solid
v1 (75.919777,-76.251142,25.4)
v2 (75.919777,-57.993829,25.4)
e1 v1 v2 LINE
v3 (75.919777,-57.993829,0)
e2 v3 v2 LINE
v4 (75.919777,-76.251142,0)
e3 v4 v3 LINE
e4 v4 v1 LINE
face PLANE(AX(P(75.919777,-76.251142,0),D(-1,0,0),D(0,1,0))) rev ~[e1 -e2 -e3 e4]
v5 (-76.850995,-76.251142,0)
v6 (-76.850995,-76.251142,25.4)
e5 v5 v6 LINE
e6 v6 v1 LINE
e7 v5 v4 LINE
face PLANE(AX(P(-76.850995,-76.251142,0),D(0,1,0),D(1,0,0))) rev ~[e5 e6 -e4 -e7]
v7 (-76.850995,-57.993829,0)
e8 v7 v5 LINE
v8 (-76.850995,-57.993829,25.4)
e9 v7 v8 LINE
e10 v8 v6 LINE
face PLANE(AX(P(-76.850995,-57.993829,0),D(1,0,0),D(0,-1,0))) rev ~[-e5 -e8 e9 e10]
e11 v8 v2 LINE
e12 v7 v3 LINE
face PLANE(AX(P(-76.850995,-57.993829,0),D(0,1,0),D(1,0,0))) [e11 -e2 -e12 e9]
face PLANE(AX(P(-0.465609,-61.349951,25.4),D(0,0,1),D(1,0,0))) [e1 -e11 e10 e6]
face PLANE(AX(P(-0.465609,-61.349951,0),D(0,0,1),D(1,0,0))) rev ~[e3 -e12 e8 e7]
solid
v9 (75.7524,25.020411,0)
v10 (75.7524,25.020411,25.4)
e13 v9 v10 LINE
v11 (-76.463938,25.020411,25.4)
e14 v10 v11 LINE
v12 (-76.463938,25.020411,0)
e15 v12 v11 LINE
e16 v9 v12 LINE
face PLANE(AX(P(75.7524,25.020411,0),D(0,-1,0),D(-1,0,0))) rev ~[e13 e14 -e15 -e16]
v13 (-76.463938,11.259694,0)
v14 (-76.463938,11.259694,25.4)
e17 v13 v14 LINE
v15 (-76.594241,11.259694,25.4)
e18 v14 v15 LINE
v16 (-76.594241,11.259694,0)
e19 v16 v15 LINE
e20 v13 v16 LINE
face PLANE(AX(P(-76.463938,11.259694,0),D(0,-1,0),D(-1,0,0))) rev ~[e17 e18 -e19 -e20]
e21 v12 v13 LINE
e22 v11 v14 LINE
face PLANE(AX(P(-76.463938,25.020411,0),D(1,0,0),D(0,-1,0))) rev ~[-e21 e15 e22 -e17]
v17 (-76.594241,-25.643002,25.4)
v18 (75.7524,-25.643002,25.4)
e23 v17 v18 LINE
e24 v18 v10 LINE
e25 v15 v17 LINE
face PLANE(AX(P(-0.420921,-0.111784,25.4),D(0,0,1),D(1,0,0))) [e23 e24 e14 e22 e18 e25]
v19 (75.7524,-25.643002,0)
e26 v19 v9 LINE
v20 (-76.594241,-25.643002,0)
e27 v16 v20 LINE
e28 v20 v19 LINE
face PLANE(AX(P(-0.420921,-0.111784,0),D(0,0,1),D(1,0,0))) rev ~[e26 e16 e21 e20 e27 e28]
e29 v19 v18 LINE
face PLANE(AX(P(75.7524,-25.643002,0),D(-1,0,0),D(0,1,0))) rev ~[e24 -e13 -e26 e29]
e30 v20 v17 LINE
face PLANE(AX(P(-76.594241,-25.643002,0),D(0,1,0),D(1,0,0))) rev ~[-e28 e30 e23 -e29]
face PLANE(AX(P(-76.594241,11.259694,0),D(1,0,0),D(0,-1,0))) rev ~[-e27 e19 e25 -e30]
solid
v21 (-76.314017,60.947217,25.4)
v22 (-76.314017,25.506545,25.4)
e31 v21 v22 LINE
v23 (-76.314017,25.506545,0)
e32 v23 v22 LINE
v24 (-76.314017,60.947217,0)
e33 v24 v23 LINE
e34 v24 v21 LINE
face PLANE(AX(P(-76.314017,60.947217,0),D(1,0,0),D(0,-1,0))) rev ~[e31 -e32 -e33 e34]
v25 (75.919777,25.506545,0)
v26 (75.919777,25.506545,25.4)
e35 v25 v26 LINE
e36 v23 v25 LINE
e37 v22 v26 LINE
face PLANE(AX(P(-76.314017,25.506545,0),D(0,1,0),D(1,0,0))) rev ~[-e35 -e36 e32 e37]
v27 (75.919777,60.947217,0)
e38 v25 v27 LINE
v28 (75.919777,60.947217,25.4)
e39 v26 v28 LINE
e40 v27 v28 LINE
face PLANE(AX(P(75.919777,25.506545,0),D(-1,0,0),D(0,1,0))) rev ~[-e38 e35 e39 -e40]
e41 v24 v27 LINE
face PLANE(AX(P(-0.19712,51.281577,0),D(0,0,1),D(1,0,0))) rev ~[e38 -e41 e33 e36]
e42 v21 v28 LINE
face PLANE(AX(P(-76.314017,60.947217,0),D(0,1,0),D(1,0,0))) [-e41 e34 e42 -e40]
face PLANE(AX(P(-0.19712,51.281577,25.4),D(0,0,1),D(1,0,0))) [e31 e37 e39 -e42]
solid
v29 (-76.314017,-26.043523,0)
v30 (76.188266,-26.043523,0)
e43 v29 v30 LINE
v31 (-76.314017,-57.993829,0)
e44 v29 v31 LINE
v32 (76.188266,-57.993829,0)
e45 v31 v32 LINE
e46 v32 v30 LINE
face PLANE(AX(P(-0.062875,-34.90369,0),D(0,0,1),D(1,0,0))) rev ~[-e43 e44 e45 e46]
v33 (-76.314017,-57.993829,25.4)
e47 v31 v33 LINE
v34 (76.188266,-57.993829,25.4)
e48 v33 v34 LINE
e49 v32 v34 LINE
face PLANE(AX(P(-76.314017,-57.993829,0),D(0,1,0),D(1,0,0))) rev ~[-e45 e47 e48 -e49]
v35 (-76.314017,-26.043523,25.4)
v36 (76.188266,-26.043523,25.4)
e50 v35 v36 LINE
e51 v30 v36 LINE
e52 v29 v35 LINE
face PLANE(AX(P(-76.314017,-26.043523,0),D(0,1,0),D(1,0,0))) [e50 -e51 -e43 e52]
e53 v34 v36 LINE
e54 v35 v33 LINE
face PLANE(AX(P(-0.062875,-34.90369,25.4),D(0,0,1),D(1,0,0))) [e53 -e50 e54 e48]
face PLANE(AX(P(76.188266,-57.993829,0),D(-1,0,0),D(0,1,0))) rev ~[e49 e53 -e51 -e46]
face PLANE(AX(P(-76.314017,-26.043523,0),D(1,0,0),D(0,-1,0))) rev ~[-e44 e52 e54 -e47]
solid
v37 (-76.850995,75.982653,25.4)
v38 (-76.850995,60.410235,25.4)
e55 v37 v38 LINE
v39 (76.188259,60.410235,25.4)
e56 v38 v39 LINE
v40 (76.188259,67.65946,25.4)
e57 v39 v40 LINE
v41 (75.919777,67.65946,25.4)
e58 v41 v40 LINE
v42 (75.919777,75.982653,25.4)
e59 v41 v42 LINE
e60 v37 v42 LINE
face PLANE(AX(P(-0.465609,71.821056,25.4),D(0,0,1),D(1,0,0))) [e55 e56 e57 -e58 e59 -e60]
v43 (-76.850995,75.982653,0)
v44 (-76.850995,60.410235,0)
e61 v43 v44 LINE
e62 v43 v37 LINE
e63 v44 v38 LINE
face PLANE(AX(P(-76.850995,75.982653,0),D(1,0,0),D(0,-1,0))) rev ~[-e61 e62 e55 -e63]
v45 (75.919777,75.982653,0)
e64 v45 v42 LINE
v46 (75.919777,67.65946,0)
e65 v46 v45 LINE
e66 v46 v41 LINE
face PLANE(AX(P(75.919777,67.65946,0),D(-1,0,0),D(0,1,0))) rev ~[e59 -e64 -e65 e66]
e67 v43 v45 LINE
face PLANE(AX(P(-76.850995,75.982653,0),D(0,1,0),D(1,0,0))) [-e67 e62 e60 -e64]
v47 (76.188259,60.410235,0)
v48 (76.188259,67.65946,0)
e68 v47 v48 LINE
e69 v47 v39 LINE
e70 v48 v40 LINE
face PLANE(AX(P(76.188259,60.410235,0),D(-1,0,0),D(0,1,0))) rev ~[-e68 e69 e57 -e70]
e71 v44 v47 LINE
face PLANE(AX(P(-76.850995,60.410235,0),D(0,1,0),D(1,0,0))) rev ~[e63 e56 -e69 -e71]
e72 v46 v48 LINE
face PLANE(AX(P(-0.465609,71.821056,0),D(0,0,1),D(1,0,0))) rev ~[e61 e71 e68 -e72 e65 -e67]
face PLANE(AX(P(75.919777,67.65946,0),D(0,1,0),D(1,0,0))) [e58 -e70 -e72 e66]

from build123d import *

# Parameters (mm, degrees)
F0_W     = 152.3466408253
F0_H     = 14.1597399488
F1_DEPTH = 25.4
F2_W     = 152.2337943316
F2_H     = 19.3312801421
F2_H_2   = 16.1093920469
F3_DEPTH = 25.4
F2_W_2   = 152.5022834539
F2_H_3   = 17.7203342319
F2_H_4   = 14.2299719155
F4_W     = 152.7707725763
F4_H     = 8.3231925964
F4_H_2   = 7.249224931
F4_W_2   = 0.2684816718
F5_DEPTH = 25.4
F4_H_3   = 6.7122429609
F4_H_4   = 11.5450695157


with BuildPart() as f1:
    # F0 (on Top) → F1 (new body)
    with BuildSketch(Plane.XY):
        Polygon((-76.4639377594, 11.2596936524), (-76.5942409635, 11.2596936524), (-76.5942409635, -11.483262293), (75.7523998618, -11.483262293), (75.7523998618, 11.2596936524), align=None)
        Polygon((-76.4639377594, 18.1400524452), (-76.4639377594, 11.2596936524), (75.7523998618, 11.2596936524), (75.7523998618, 25.0204112381), (-76.4639377594, 25.0204112381), align=None)
        with Locations((-0.4209205508, -18.5631322674)):
            Rectangle(F0_W, F0_H)
    extrude(amount=F1_DEPTH)


with BuildPart() as f3:
    # F2 (on Top) → F3 (new body)
    with BuildSketch(Plane.XY):
        with Locations((-0.1971200109, 51.2815769762)):
            Rectangle(F2_W, F2_H)
        with Locations((-0.1971200109, 33.5612408817)):
            Rectangle(F2_W, F2_H_2)
    extrude(amount=F3_DEPTH)


with BuildPart() as f3b:
    # F2 (on Top) → F3, piece 2 (new body)
    with BuildSketch(Plane.XY):
        with Locations((-0.0628754497, -34.9036902189)):
            Rectangle(F2_W_2, F2_H_3)
        with Locations((-0.0628754497, -50.8788432926)):
            Rectangle(F2_W_2, F2_H_4)
    extrude(amount=F3_DEPTH)


with BuildPart() as f5:
    # F4 (on face) → F5 (new body)
    with BuildSketch(Plane.XY):
        with Locations((-0.4656091332, 71.8210563064)):
            Rectangle(F4_W, F4_H)
        with Locations((-0.4656091332, 64.0348475426)):
            Rectangle(F4_W, F4_H_2)
        with Locations((76.0540179908, 64.0348475426)):
            Rectangle(F4_W_2, F4_H_2)
    extrude(amount=F5_DEPTH)


with BuildPart() as f5b:
    # F4 (on face) → F5, piece 2 (new body)
    with BuildSketch(Plane.XY):
        with Locations((-0.4656091332, -61.3499507308)):
            Rectangle(F4_W, F4_H_3)
        with Locations((-0.4656091332, -70.4786069691)):
            Rectangle(F4_W, F4_H_4)
    extrude(amount=F5_DEPTH)


solid = Compound([f1.part, f3.part, f3b.part, f5.part, f5b.part])
